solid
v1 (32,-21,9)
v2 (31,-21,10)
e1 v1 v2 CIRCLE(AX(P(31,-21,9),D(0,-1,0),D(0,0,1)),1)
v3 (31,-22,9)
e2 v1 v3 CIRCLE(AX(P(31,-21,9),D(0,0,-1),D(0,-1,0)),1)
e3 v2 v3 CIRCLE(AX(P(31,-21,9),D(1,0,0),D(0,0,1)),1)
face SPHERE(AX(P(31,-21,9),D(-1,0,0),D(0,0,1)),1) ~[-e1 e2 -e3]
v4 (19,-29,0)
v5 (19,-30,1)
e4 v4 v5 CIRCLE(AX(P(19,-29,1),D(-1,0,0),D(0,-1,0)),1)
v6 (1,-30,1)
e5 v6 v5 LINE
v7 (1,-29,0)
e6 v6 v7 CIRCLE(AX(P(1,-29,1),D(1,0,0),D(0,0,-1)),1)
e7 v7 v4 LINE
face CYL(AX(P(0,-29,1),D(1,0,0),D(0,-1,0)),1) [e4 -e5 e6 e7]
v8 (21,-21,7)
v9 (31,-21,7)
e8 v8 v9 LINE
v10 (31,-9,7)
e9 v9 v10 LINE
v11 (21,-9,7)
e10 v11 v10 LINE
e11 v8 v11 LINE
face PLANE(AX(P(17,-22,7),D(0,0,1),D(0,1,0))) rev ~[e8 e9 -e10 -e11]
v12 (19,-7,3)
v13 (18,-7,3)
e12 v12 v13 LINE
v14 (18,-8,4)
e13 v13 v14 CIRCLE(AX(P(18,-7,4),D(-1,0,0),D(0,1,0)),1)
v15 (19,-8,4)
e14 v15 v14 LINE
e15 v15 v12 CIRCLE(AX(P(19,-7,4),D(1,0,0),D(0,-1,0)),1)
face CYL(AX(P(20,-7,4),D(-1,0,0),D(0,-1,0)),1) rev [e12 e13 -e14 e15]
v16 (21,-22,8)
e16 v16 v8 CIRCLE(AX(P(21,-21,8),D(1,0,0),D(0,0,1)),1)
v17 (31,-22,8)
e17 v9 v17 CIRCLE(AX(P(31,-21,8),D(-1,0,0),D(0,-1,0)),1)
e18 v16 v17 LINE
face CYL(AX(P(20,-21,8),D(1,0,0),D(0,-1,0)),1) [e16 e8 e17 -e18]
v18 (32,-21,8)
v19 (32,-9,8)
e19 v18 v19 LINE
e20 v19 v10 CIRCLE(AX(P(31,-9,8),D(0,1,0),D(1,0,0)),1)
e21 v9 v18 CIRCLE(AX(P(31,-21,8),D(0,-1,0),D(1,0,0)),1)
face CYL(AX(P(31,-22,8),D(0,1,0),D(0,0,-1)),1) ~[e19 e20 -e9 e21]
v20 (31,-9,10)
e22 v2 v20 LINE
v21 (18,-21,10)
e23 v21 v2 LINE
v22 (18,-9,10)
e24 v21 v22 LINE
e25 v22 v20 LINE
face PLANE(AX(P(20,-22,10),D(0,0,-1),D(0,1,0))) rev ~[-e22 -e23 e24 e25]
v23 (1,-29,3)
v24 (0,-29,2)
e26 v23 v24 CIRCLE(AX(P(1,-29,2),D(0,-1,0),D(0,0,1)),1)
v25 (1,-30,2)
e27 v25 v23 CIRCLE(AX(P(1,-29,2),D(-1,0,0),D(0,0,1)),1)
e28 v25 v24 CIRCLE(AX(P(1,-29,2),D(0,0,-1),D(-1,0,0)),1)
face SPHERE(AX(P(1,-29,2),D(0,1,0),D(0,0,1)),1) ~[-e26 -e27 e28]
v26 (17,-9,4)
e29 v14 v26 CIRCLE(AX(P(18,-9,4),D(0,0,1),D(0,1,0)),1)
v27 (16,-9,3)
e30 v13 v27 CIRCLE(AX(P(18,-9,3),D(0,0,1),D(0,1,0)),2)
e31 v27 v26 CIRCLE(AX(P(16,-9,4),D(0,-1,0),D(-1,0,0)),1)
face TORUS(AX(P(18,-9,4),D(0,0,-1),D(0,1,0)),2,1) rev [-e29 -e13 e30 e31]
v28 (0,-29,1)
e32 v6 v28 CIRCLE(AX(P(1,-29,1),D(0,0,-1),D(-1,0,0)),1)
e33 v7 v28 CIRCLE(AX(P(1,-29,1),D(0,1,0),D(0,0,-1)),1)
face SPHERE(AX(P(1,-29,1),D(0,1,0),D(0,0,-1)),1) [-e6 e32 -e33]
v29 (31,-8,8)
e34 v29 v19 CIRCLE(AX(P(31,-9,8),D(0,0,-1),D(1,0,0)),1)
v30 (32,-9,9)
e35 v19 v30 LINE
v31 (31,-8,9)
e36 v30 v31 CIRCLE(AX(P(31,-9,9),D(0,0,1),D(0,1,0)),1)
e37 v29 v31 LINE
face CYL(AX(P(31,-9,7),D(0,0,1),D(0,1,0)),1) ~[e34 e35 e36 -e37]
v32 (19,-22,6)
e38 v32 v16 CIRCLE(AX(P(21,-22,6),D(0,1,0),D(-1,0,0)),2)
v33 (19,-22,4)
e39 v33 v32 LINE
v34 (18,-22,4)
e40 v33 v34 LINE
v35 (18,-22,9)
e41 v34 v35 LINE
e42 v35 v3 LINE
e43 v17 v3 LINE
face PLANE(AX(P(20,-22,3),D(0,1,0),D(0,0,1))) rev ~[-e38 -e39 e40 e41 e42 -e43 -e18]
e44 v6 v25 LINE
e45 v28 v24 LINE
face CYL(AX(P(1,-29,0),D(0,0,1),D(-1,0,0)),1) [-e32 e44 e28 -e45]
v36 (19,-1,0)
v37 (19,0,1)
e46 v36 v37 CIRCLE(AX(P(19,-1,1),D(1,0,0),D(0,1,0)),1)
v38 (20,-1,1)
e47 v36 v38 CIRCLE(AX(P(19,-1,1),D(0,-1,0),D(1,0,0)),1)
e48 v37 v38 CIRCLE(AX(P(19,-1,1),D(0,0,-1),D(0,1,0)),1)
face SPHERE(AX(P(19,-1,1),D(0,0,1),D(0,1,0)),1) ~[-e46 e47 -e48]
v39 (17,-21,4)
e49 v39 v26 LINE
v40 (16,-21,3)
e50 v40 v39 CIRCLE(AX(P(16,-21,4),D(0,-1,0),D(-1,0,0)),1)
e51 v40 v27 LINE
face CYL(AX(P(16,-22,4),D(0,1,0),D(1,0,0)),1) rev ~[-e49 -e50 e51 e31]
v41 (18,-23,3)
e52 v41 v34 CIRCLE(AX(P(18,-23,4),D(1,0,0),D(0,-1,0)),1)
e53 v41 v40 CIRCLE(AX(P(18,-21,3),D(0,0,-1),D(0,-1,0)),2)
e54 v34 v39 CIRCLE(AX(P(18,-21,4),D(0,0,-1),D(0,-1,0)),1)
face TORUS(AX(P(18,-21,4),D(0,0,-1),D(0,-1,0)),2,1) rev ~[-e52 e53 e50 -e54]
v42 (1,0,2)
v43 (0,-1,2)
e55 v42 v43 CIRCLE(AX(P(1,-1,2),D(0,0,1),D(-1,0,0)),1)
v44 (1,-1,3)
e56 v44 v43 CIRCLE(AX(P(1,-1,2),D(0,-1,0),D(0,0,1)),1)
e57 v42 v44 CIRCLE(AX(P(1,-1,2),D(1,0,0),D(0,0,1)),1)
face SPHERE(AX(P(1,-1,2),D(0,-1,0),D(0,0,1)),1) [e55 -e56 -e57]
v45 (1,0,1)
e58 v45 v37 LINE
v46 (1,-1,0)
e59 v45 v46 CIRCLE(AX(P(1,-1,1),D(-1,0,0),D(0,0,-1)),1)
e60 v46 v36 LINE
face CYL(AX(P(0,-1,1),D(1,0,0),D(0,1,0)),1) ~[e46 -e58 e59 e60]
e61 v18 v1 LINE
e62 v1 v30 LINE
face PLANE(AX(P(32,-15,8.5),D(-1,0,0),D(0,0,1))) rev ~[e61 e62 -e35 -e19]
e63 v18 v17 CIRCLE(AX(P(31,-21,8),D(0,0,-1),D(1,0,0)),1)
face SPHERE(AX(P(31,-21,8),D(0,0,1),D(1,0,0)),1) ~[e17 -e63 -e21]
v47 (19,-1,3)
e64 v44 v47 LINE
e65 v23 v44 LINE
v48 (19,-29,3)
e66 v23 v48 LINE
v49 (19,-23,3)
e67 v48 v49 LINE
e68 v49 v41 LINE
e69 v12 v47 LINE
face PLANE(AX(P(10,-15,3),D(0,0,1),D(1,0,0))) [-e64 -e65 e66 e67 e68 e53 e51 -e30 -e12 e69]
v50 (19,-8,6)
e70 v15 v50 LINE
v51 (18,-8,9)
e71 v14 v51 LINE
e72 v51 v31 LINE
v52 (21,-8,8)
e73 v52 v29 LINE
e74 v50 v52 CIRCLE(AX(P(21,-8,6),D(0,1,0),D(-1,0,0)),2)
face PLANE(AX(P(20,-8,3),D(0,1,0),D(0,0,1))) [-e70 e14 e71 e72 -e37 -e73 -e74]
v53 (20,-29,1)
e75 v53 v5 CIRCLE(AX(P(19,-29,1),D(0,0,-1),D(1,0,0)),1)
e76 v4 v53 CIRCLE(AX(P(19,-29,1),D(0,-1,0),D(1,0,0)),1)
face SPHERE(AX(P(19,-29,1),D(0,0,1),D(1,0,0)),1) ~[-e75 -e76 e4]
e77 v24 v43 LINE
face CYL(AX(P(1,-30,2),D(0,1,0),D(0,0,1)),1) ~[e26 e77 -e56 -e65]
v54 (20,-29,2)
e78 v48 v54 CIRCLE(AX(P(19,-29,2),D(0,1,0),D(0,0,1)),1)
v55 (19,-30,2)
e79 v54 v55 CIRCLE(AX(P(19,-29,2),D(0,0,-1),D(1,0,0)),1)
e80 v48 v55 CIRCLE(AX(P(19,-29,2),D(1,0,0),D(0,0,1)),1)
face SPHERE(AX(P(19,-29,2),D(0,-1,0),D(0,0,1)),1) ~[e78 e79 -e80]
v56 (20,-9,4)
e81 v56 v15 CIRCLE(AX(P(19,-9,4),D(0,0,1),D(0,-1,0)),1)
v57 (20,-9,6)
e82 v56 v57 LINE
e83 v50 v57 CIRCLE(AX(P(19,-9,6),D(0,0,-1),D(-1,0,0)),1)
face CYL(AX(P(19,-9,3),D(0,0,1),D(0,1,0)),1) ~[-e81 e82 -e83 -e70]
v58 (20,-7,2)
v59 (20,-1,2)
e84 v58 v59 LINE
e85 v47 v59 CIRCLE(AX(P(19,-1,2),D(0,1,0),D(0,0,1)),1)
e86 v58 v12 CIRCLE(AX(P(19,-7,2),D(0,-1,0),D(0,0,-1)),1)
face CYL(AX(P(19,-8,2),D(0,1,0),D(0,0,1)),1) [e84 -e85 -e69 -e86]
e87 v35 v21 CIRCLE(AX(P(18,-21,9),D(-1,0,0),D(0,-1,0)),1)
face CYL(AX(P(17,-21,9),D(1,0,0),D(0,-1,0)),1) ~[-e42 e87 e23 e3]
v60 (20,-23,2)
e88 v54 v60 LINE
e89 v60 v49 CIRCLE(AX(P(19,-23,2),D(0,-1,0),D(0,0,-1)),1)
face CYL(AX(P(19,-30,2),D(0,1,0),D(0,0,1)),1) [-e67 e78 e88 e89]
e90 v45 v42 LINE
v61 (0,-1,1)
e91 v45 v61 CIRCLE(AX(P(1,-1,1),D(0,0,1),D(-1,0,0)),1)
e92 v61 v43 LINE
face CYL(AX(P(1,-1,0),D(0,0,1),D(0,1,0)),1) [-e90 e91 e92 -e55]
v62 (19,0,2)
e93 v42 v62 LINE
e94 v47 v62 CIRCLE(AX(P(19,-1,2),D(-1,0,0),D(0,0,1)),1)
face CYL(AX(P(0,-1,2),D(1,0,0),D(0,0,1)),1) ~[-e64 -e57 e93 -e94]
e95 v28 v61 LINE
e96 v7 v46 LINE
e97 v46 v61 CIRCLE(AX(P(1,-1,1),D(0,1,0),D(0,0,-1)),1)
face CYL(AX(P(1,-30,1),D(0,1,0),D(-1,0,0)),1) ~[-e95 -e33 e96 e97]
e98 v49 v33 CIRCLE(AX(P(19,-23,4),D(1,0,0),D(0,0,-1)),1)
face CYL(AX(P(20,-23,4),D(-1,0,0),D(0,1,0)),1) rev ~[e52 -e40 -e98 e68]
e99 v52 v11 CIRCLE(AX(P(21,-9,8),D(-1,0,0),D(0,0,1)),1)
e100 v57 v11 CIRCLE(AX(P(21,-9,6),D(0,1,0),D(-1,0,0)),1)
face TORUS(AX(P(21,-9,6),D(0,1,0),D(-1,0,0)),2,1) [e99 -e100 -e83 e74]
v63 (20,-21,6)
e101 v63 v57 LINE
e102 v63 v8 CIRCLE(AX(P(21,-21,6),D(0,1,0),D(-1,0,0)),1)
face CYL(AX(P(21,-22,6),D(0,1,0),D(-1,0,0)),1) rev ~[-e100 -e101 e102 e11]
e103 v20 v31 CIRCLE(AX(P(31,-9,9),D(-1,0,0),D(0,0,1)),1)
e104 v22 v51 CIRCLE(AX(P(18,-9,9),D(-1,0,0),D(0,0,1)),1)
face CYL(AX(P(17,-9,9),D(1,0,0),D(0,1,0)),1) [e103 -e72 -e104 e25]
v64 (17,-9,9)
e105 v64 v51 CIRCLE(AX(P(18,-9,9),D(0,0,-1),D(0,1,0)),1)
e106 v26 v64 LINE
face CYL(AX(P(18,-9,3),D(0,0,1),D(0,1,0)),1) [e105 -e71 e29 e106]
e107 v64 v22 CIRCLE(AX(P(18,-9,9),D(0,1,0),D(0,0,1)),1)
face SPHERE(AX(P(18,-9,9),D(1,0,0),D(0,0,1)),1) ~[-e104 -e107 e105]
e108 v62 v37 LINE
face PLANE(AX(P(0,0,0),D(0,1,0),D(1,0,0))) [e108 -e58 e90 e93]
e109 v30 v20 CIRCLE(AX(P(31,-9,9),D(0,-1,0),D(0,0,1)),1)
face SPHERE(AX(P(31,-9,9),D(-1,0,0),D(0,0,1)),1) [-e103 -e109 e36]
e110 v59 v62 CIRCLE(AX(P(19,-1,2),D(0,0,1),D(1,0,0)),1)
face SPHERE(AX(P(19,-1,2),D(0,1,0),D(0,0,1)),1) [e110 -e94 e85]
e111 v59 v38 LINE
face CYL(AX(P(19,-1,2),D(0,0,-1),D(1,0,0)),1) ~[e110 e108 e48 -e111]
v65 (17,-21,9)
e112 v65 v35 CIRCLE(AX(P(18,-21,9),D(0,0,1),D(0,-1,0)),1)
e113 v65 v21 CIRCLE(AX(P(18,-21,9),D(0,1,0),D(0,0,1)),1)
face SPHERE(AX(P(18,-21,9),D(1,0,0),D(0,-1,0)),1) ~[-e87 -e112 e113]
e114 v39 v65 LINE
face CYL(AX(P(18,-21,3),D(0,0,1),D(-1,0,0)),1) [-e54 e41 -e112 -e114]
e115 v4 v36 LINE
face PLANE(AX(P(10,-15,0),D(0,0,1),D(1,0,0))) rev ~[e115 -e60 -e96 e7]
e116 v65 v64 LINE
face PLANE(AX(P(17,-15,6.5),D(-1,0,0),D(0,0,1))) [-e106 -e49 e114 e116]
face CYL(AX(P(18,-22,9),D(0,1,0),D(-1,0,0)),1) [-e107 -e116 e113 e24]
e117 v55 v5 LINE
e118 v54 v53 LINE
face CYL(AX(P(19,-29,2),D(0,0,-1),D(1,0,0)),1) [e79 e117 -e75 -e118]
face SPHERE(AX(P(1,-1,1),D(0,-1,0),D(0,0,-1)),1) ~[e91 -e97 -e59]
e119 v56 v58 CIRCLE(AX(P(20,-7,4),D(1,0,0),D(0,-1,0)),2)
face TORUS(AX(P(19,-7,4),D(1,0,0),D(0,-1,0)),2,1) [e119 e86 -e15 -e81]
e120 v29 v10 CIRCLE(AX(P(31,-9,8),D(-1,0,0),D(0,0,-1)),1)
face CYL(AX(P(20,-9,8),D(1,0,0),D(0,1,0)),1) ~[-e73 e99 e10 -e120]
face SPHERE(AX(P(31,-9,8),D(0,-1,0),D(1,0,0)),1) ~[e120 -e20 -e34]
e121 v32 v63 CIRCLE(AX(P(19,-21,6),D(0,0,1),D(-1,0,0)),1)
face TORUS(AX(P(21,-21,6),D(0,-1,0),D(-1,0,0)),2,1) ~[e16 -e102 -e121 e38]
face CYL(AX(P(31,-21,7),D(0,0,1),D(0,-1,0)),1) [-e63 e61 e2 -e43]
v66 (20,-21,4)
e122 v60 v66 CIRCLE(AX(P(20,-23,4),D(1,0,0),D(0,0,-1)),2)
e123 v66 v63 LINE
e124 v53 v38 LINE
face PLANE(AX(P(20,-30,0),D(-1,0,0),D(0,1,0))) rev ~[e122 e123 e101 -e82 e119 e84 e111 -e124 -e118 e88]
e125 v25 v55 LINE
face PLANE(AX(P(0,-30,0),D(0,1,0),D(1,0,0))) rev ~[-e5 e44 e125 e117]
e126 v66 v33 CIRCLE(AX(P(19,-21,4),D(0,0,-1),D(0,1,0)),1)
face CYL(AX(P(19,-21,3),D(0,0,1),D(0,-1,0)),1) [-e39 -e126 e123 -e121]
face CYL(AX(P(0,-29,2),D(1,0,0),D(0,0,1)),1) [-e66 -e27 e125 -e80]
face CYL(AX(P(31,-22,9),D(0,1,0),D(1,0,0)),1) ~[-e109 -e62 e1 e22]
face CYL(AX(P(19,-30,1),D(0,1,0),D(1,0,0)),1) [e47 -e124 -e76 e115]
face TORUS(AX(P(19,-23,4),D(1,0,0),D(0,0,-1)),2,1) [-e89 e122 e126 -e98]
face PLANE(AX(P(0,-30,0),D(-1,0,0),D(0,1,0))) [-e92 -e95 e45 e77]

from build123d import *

# Parameters (mm, degrees)
SKETCH1_W           = 20
SKETCH1_H           = 30
BOSS_EXTRUDE1_DEPTH = 3
SKETCH3_W           = 7
SKETCH3_H           = 14
BOSS_EXTRUDE2_DEPTH = 3
SKETCH4_W           = 3
SKETCH4_H           = 14
BOSS_EXTRUDE3_DEPTH = 15
FILLET1_R           = 1
FILLET2_R           = 1


with BuildPart() as part:
    # Sketch1 → Boss-Extrude1 (new body)
    with BuildSketch(Plane.XY):
        with Locations((10, -15)):
            Rectangle(SKETCH1_W, SKETCH1_H)
    extrude(amount=BOSS_EXTRUDE1_DEPTH)

    # Sketch3 → Boss-Extrude2 (add)
    with BuildSketch(Plane.ZY.offset(-20)):
        with Locations((6.5, -15)):
            Rectangle(SKETCH3_W, SKETCH3_H)
    extrude(amount=BOSS_EXTRUDE2_DEPTH)

    # Sketch4 → Boss-Extrude3 (add)
    with BuildSketch(Plane.ZY.offset(-17)):
        with Locations((8.5, -15)):
            Rectangle(SKETCH4_W, SKETCH4_H)
    extrude(amount=-BOSS_EXTRUDE3_DEPTH)

    # Fillet1
    fillet1_edges = [part.edges().sort_by_distance(p)[0] for p in [
        (20, -4, 3),
        (18.5, -8, 3),
        (20, -22, 5),
        (18.5, -22, 3),
        (24.5, -22, 10),
        (24.5, -8, 10),
        (17, -15, 3),
        (17, -22, 6.5),
        (17, -15, 10),
        (17, -8, 6.5),
        (20, -8, 5),
        (32, -15, 10),
        (32, -22, 8.5),
        (32, -15, 7),
        (26, -22, 7),
        (32, -8, 8.5),
        (26, -8, 7),
        (20, -15, 7),
        (20, -26, 3),
    ]]
    fillet(fillet1_edges, radius=FILLET1_R)

    # Fillet2
    fillet2_edges = [part.edges().sort_by_distance(p)[0] for p in [
        (0, -15, 3),
        (9.5, 0, 3),
        (9.5, -30, 3),
        (0, -15, 0),
        (20, -30, 1),
        (20, 0, 1),
        (10, 0, 0),
        (19.707106781, -30, 2.707106781),
        (19.707106781, 0, 2.707106781),
        (20, -15, 0),
        (10, -30, 0),
        (0, -30, 1.5),
        (0, 0, 1.5),
    ]]
    fillet(fillet2_edges, radius=FILLET2_R)


solid = part.part
